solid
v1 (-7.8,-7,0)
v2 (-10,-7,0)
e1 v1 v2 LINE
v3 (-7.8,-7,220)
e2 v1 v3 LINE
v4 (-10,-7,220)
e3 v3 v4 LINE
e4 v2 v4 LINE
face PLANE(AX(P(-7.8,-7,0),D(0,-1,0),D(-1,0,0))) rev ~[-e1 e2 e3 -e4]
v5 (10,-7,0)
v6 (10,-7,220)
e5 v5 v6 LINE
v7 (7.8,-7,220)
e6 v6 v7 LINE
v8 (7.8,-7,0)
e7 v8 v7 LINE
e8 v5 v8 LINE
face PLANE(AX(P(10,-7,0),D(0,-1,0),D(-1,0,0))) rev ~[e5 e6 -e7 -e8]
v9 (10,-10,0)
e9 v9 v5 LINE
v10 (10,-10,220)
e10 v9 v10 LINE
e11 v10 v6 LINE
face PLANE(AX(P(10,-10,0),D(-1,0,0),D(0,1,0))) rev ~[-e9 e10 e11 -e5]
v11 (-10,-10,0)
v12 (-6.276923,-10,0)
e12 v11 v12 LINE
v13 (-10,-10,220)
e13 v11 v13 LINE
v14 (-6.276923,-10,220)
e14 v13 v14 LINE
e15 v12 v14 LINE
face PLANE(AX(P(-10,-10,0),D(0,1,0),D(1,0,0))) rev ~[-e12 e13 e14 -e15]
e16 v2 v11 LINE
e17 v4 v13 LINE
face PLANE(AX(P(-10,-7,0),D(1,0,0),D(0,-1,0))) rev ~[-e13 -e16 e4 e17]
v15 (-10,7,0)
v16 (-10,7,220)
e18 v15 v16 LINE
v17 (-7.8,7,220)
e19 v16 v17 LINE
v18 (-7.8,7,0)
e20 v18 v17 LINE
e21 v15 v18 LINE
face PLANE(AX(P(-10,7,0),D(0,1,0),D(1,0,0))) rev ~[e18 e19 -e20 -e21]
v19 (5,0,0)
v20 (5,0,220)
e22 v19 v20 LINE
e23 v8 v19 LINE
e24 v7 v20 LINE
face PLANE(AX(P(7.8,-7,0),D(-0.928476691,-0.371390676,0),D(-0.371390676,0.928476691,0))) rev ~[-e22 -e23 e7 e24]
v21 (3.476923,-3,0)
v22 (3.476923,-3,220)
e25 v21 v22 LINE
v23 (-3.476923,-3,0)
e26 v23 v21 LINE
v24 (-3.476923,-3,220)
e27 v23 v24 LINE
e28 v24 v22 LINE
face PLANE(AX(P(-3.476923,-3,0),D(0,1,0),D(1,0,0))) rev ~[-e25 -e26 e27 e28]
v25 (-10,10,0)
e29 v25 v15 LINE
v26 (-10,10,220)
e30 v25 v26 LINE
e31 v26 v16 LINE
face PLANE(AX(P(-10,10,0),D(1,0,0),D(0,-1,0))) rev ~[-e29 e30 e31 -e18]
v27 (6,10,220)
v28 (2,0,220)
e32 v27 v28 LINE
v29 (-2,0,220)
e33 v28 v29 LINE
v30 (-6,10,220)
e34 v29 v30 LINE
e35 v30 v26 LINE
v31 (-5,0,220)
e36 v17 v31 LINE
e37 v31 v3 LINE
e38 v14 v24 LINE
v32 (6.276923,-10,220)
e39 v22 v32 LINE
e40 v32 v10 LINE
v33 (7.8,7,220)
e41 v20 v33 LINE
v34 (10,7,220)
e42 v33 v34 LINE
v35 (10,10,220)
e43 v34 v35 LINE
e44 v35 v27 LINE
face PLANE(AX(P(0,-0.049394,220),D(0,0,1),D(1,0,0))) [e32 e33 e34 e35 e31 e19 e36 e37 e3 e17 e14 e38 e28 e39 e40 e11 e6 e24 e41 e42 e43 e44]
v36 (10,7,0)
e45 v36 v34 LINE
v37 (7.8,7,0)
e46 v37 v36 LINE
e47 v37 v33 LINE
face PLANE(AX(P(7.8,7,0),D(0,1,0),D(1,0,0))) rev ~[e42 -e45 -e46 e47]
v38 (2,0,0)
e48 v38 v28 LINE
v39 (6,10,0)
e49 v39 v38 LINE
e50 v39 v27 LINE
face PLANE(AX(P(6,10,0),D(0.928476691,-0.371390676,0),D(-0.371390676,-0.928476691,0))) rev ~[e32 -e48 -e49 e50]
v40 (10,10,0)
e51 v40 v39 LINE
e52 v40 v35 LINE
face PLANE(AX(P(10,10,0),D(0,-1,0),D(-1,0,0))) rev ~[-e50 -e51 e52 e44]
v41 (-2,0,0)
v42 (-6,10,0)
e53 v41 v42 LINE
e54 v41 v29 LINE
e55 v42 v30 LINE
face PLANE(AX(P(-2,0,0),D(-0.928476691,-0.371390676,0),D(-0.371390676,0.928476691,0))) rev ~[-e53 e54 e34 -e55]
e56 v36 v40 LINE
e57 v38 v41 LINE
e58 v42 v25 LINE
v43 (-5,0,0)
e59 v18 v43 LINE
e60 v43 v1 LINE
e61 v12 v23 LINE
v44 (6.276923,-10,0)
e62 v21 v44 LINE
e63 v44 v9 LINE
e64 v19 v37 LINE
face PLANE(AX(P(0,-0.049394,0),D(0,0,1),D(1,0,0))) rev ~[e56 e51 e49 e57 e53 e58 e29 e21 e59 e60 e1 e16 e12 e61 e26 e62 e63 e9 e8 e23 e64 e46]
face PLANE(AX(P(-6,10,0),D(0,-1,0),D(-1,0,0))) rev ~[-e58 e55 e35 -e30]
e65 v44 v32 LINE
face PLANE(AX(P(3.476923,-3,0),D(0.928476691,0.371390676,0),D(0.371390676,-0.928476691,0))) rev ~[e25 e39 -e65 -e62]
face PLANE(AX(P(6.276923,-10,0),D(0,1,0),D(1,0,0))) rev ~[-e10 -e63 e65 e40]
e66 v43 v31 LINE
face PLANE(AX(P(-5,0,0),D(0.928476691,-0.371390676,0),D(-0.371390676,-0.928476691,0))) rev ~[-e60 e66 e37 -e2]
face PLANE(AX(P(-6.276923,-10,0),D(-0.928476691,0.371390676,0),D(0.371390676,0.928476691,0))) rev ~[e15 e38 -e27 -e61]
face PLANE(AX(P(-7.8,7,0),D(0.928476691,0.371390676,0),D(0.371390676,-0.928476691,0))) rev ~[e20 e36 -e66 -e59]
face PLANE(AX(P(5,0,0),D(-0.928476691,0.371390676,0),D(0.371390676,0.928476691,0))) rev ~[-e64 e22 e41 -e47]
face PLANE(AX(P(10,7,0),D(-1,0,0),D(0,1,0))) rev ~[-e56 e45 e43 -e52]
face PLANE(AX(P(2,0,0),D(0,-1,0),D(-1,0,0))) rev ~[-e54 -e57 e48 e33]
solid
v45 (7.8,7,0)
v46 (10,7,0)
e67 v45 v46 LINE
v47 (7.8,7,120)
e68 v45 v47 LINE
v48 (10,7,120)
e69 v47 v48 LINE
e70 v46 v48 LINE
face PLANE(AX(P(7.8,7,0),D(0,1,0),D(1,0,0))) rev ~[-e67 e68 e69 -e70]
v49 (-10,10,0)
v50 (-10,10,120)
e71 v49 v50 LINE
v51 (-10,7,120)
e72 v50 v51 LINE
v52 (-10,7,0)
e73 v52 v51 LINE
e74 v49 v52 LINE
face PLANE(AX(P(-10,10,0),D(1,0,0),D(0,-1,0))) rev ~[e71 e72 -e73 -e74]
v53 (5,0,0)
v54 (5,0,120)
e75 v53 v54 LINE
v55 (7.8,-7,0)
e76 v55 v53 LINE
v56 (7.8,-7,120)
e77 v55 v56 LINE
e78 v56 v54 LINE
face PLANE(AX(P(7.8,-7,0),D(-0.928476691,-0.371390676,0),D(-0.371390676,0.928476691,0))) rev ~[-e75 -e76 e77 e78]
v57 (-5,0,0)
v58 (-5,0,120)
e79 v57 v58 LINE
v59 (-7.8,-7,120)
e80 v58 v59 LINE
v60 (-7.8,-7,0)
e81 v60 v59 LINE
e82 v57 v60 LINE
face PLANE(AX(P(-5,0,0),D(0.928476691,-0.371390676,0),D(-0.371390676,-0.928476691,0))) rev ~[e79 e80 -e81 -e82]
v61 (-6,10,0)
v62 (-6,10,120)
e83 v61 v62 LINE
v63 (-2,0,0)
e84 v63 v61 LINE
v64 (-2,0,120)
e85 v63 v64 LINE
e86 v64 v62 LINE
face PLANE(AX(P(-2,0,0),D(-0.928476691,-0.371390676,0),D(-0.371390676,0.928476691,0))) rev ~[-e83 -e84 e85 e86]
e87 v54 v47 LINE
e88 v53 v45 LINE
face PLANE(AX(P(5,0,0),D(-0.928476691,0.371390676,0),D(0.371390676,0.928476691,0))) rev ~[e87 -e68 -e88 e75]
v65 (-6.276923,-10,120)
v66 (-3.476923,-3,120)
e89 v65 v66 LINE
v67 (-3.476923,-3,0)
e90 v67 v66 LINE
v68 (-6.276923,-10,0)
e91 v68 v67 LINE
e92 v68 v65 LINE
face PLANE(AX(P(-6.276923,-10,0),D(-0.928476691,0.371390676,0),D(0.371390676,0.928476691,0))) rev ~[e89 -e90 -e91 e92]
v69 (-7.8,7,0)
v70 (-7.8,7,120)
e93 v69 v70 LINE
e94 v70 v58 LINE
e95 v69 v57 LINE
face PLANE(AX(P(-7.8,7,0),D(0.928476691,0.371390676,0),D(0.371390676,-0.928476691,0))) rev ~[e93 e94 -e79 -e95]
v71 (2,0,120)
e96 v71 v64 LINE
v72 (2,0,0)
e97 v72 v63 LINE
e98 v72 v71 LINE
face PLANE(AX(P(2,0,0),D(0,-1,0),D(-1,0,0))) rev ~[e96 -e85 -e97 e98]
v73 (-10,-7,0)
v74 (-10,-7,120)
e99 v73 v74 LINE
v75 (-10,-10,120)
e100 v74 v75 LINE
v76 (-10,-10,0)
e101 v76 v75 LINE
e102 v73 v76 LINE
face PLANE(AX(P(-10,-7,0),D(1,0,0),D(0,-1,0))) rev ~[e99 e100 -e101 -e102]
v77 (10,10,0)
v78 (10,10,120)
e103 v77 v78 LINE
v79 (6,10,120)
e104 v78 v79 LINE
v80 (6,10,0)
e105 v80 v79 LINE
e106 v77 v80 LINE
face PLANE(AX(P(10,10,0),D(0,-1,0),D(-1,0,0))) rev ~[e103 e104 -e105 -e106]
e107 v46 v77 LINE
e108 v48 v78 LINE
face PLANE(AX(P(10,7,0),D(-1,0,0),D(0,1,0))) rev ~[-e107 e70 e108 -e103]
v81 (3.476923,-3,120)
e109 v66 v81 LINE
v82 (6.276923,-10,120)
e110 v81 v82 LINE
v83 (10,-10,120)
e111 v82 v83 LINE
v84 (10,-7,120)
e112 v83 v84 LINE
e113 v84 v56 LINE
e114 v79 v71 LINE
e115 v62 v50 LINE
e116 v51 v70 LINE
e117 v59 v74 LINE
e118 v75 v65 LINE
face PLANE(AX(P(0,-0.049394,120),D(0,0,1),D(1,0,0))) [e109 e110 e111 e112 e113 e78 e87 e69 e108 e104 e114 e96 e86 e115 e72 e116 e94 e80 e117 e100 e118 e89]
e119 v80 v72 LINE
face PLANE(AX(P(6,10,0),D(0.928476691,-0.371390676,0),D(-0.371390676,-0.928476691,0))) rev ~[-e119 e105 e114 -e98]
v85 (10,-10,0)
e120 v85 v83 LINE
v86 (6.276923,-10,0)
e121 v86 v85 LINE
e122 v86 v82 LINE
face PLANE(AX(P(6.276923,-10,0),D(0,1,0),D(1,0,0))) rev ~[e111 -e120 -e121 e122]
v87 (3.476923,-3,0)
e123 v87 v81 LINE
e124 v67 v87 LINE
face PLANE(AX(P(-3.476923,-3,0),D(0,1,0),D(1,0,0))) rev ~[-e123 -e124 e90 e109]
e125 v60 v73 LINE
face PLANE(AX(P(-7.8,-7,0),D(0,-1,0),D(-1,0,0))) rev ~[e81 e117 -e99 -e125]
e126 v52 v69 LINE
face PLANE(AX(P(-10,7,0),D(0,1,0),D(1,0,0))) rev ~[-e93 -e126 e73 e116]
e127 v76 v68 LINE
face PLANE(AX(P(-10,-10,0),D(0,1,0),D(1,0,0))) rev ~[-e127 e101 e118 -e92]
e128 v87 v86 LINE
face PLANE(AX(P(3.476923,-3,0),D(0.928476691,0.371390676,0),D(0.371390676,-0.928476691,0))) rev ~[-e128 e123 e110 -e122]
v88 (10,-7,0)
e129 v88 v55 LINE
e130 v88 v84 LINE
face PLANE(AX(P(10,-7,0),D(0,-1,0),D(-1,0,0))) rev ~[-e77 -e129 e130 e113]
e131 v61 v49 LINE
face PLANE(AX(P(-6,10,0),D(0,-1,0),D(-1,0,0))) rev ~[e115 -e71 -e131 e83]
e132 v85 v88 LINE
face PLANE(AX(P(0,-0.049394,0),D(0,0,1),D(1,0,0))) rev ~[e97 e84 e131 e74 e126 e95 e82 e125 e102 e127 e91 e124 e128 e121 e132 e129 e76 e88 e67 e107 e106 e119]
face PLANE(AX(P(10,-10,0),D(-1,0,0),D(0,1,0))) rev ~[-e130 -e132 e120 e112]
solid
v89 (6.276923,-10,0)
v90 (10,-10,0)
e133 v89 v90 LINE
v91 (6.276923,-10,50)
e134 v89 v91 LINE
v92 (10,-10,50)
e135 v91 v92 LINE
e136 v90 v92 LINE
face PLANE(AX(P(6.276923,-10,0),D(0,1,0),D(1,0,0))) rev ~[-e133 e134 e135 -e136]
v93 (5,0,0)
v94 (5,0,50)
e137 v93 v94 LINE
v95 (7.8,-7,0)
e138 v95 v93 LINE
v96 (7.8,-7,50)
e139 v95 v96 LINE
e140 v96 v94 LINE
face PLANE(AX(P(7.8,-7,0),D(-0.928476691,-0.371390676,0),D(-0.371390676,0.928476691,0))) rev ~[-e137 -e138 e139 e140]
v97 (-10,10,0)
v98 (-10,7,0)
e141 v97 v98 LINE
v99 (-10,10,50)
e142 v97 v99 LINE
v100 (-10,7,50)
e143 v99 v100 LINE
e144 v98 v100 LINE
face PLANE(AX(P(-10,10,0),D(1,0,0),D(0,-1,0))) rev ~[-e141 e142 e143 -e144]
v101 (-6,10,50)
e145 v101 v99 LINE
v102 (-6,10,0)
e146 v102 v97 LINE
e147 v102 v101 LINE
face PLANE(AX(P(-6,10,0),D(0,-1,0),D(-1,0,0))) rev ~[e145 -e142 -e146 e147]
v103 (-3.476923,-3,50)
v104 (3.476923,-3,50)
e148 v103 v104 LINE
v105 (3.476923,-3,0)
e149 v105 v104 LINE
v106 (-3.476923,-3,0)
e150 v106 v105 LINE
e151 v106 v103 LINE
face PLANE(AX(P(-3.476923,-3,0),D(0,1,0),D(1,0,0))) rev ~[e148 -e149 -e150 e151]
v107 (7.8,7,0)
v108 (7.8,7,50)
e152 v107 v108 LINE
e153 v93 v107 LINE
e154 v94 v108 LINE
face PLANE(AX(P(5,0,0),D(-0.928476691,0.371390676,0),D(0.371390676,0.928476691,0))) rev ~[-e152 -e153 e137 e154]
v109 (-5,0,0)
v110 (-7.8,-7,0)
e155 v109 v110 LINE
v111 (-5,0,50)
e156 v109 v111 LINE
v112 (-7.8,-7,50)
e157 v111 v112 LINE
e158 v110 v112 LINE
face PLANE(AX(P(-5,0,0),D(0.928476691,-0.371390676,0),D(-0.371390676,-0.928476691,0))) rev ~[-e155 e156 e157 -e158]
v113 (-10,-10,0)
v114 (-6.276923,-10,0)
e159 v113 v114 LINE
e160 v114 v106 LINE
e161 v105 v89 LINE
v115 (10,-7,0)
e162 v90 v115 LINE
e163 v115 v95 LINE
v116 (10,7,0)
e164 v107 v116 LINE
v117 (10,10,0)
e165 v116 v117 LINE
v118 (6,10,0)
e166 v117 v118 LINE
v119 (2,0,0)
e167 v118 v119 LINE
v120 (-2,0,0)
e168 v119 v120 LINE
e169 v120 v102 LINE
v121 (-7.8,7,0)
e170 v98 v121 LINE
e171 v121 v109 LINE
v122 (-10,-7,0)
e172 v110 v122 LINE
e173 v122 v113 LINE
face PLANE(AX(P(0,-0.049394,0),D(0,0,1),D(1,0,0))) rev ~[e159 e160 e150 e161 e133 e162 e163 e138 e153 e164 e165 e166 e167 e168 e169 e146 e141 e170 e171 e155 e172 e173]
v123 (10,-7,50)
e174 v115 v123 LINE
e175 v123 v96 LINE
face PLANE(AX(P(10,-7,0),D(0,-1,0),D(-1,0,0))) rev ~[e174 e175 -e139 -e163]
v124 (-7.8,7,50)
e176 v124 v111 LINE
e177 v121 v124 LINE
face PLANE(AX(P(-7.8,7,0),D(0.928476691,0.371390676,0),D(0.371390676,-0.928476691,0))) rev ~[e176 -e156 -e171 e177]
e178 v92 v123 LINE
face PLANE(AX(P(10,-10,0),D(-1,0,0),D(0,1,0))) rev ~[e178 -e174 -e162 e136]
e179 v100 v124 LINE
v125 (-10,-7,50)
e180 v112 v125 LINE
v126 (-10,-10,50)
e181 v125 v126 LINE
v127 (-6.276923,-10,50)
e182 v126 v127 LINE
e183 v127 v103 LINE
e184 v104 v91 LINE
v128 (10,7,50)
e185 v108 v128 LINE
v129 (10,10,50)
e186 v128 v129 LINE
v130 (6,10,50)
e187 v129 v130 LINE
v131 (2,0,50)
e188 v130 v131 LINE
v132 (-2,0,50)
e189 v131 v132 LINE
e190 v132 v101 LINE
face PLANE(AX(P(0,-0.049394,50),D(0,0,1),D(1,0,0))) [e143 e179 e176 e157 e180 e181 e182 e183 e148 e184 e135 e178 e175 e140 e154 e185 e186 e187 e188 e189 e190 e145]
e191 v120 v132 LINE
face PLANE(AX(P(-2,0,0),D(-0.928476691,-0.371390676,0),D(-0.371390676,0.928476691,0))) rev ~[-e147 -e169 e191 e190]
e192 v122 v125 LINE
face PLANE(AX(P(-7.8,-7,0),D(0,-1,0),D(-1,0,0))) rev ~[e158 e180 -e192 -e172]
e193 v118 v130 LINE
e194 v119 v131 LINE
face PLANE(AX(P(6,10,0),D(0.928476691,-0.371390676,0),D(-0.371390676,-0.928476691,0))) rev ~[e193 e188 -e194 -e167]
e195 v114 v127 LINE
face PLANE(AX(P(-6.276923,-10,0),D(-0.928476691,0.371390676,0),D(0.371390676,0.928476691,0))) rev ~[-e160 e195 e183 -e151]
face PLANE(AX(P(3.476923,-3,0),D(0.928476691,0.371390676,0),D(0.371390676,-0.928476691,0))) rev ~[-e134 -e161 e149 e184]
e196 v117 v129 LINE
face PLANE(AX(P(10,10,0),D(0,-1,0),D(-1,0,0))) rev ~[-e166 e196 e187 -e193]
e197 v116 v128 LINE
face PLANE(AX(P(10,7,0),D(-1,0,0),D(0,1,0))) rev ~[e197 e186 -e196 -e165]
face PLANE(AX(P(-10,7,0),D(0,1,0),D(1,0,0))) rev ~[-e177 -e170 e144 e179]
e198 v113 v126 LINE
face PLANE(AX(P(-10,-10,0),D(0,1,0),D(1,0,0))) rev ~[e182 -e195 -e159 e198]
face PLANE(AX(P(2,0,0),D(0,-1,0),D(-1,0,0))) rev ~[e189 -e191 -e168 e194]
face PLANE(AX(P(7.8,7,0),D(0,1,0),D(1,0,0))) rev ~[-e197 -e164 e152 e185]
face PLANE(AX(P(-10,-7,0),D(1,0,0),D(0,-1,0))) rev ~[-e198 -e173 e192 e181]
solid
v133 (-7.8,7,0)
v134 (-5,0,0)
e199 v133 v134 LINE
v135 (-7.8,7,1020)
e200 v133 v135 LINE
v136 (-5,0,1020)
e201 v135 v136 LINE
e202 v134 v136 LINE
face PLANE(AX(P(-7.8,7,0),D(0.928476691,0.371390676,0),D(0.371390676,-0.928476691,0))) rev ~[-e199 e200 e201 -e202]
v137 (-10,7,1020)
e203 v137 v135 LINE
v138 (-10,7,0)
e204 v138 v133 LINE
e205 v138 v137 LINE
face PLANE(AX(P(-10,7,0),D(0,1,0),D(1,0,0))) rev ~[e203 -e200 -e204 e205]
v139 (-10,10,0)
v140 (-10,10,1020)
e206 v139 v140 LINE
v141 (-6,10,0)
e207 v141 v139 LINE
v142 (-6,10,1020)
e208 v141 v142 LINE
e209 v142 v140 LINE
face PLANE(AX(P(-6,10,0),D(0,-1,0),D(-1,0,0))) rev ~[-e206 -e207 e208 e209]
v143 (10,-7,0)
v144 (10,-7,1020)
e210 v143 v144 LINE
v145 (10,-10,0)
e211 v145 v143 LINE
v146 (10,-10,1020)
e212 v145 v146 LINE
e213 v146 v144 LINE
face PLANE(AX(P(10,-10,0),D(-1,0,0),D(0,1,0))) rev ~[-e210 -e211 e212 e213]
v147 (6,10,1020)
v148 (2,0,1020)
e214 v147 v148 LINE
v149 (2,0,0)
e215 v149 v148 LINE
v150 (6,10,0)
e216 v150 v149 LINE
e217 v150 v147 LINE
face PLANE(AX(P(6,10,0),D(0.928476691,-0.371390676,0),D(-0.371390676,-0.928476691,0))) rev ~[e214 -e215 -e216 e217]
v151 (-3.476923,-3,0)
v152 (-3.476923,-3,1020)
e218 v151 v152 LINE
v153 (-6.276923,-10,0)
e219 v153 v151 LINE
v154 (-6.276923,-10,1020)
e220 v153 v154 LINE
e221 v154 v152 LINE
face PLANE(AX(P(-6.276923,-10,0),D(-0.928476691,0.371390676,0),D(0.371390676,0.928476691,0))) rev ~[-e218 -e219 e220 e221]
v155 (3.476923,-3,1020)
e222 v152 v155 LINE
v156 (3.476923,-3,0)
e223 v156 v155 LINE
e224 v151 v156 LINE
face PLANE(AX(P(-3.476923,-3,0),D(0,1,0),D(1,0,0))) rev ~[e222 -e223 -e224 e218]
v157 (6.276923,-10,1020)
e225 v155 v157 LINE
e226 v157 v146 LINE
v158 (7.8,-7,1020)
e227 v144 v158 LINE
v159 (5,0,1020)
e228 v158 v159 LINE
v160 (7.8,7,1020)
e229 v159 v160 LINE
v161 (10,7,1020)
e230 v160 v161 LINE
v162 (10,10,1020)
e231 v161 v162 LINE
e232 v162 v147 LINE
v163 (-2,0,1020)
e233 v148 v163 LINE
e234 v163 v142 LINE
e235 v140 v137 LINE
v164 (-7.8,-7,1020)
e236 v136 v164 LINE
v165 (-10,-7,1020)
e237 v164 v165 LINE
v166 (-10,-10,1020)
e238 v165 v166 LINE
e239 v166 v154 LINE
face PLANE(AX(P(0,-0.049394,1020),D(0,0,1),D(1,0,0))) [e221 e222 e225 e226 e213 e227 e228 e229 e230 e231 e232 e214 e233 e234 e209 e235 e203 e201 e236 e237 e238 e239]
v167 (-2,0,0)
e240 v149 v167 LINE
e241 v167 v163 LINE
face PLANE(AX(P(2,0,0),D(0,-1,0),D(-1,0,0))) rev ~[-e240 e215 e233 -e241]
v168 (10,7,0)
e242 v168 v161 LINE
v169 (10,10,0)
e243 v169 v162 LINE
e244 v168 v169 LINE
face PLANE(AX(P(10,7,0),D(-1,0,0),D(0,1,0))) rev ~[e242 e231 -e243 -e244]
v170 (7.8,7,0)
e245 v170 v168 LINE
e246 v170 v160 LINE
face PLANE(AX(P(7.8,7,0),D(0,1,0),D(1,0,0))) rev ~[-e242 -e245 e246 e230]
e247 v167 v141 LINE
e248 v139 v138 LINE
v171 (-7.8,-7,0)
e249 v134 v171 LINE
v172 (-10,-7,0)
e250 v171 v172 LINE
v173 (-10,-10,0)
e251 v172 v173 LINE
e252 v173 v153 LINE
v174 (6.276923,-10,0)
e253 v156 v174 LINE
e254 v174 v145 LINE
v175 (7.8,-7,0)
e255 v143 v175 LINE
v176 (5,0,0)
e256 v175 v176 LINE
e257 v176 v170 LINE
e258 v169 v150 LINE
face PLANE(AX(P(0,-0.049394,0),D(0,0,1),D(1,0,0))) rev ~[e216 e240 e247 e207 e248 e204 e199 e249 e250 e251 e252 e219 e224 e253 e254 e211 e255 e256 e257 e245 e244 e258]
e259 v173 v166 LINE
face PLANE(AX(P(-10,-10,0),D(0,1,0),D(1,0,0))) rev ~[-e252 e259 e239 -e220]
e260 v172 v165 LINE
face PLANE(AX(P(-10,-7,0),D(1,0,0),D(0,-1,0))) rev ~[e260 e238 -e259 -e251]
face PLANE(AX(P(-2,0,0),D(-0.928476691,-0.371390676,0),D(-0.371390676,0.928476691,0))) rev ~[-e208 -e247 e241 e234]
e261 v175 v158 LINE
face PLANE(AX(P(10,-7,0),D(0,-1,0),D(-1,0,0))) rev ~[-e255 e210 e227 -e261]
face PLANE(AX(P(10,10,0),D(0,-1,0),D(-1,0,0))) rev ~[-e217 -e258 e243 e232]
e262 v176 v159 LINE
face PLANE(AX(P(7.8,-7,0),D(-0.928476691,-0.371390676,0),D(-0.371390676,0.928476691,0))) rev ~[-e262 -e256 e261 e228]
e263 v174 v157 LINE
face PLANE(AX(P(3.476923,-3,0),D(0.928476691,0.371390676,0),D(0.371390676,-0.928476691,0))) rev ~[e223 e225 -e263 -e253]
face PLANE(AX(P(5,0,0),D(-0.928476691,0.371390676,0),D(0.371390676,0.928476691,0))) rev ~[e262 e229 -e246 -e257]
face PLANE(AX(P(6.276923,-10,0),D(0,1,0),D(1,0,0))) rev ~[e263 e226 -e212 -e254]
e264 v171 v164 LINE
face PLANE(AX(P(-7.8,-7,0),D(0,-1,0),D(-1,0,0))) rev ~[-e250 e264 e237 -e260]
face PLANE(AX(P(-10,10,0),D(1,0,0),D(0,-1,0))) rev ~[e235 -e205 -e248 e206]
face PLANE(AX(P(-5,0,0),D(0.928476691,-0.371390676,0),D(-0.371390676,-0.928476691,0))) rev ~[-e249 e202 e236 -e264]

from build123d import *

# Parameters (mm, degrees)
F1_DEPTH = 50
F2_DEPTH = 1020
F3_DEPTH = 220
F4_DEPTH = 120


with BuildPart() as f1:
    # F0 (on Top) → F1 (new body)
    with BuildSketch(Plane.XY):
        Polygon((-6, 10), (-10, 10), (-10, 7), (-7.8, 7), (-5, 0), (-7.8, -7), (-10, -7), (-10, -10), (-6.276923, -10), (-3.476923, -3), (3.476923, -3), (6.276923, -10), (10, -10), (10, -7), (7.8, -7), (5, 0), (7.8, 7), (10, 7), (10, 10), (6, 10), (2, 0), (-2, 0), align=None)
    extrude(amount=F1_DEPTH)


with BuildPart() as f2:
    # F0 (on Top) → F2 (new body)
    with BuildSketch(Plane.XY):
        Polygon((-6, 10), (-10, 10), (-10, 7), (-7.8, 7), (-5, 0), (-7.8, -7), (-10, -7), (-10, -10), (-6.276923, -10), (-3.476923, -3), (3.476923, -3), (6.276923, -10), (10, -10), (10, -7), (7.8, -7), (5, 0), (7.8, 7), (10, 7), (10, 10), (6, 10), (2, 0), (-2, 0), align=None)
    extrude(amount=F2_DEPTH)


with BuildPart() as f3:
    # F0 (on Top) → F3 (new body)
    with BuildSketch(Plane.XY):
        Polygon((-6, 10), (-10, 10), (-10, 7), (-7.8, 7), (-5, 0), (-7.8, -7), (-10, -7), (-10, -10), (-6.276923, -10), (-3.476923, -3), (3.476923, -3), (6.276923, -10), (10, -10), (10, -7), (7.8, -7), (5, 0), (7.8, 7), (10, 7), (10, 10), (6, 10), (2, 0), (-2, 0), align=None)
    extrude(amount=F3_DEPTH)


with BuildPart() as f4:
    # F0 (on Top) → F4 (new body)
    with BuildSketch(Plane.XY):
        Polygon((-6, 10), (-10, 10), (-10, 7), (-7.8, 7), (-5, 0), (-7.8, -7), (-10, -7), (-10, -10), (-6.276923, -10), (-3.476923, -3), (3.476923, -3), (6.276923, -10), (10, -10), (10, -7), (7.8, -7), (5, 0), (7.8, 7), (10, 7), (10, 10), (6, 10), (2, 0), (-2, 0), align=None)
    extrude(amount=F4_DEPTH)


solid = Compound([f1.part, f2.part, f3.part, f4.part])
